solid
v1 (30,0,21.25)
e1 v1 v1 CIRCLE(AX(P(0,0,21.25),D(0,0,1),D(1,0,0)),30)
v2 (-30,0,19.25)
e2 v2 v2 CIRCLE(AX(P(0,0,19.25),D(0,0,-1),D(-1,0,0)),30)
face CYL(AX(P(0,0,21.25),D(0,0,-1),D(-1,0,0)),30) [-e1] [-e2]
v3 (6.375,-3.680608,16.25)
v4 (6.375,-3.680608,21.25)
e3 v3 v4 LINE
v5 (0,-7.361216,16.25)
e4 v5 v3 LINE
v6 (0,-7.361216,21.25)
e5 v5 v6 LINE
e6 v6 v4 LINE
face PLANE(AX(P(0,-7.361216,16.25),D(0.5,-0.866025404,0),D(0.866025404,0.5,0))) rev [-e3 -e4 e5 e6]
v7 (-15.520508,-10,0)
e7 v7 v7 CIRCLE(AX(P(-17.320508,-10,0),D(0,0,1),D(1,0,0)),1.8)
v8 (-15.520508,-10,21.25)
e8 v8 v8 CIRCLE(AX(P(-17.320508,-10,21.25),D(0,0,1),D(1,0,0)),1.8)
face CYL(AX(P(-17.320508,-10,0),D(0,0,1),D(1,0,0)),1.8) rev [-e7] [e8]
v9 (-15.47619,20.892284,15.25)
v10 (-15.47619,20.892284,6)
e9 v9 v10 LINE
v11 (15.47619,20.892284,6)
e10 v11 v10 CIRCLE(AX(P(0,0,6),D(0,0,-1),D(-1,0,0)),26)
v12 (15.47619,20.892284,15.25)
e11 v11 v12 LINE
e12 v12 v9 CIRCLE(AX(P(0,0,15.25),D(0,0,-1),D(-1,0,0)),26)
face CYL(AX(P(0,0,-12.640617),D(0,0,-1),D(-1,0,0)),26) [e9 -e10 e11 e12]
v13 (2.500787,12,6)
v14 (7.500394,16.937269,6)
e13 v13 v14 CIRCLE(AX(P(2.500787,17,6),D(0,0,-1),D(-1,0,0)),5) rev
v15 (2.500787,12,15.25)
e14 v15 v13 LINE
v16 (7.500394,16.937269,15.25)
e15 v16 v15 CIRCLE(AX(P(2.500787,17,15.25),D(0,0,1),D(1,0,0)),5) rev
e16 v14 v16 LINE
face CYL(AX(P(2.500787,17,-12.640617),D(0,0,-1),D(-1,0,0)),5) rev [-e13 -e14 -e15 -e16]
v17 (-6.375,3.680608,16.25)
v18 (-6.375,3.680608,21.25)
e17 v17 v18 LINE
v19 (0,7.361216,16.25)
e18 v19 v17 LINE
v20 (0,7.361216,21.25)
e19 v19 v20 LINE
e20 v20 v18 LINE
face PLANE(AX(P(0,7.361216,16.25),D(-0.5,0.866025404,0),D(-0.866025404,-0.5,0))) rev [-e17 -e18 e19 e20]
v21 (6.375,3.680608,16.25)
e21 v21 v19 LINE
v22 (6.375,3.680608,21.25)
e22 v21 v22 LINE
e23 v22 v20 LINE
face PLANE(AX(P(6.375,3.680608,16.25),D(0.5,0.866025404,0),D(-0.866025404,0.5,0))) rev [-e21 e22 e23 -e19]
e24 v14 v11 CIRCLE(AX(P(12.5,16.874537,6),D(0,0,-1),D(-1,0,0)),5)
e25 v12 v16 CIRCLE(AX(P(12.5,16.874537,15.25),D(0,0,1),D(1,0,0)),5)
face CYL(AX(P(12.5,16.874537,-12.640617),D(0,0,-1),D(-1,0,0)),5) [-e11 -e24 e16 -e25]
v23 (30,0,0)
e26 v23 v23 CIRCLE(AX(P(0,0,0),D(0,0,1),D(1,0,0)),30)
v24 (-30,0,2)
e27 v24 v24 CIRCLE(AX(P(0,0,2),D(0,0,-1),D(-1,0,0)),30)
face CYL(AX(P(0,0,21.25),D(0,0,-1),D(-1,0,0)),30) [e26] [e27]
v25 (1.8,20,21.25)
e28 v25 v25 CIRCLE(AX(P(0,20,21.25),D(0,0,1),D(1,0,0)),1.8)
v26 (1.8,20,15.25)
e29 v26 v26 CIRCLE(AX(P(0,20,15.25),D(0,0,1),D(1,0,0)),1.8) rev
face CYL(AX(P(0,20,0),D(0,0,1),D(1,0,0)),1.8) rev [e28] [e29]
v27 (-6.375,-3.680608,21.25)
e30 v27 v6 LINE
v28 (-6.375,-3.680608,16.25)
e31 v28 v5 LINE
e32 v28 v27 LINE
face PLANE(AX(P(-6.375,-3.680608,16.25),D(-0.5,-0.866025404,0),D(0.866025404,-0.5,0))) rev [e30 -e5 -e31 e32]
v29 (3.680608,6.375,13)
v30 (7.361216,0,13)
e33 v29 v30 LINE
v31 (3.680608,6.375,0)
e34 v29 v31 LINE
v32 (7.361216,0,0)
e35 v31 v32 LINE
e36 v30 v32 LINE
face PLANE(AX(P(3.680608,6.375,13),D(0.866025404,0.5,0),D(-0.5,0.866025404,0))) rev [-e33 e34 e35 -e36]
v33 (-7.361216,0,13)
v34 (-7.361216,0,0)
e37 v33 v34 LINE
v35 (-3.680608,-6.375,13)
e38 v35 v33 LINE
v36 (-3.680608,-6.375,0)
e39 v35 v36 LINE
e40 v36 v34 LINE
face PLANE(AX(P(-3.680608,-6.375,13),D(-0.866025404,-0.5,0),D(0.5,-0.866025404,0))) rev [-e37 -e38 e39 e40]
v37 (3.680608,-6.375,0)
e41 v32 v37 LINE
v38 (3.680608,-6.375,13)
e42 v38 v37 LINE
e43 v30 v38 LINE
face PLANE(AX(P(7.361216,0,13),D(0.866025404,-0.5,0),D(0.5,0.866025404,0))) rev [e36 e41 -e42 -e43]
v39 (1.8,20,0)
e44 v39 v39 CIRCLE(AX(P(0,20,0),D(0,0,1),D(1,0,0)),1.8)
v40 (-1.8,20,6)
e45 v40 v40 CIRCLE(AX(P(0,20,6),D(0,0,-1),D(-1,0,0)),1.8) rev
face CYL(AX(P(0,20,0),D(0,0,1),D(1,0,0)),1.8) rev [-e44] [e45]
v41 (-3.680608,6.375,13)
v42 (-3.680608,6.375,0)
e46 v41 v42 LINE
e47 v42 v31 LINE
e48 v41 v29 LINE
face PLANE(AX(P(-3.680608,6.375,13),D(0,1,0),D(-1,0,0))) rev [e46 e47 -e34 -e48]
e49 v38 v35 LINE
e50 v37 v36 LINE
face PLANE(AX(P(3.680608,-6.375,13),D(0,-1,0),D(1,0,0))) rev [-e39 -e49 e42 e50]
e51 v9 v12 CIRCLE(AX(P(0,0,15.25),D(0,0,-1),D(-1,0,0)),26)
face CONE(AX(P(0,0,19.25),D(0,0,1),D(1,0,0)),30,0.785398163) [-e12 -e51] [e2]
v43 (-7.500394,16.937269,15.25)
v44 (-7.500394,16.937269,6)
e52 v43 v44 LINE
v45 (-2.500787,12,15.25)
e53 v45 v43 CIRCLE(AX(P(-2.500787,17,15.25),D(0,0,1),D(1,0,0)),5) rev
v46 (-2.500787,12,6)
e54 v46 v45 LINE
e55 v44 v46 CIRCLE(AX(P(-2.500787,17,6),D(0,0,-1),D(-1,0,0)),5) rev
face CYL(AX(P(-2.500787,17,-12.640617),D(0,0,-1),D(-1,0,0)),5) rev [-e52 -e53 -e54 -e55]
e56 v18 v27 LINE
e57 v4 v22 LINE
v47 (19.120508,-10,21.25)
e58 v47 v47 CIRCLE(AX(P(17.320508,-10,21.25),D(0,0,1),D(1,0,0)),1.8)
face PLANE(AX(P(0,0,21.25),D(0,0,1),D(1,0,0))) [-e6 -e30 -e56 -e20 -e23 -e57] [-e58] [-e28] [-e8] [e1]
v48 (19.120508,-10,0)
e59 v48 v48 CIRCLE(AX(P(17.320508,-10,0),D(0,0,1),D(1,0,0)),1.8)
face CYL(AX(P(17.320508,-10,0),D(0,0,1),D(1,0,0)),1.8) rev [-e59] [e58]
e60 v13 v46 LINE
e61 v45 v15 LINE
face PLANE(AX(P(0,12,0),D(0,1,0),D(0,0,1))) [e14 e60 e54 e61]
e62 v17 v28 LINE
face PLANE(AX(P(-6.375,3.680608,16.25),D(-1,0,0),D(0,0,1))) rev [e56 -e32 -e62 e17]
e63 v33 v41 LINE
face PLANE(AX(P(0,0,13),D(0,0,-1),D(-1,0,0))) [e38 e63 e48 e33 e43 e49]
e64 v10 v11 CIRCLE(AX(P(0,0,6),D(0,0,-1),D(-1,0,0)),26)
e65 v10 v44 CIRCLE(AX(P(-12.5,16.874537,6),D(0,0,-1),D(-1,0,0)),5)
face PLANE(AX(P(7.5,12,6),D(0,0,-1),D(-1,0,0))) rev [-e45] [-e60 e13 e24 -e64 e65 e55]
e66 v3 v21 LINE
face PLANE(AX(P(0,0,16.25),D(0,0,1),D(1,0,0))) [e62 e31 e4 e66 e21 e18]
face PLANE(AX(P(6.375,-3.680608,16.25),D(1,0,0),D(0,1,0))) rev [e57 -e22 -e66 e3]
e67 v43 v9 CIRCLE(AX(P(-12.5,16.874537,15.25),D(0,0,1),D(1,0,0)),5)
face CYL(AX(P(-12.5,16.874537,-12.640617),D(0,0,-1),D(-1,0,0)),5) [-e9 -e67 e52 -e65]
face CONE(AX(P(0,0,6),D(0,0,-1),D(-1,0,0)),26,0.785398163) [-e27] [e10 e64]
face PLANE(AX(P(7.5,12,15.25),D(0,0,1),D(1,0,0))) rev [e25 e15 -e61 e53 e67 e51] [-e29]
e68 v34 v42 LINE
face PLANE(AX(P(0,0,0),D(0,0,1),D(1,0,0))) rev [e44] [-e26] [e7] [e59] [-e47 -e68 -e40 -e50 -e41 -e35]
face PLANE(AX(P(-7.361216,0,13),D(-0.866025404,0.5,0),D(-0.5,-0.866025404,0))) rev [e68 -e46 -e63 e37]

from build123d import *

# Parameters (mm, degrees)
SKETCH1_R           = 30
BOSS_EXTRUDE1_DEPTH = 21.25
CUT_EXTRUDE1_DEPTH  = 5
SKETCH5_R           = 1.8
CUT_EXTRUDE2_DEPTH  = 48.45063224
CUT_EXTRUDE3_DEPTH  = 13
SKETCH10_W          = 15
SKETCH10_H          = 9.25
CUT_EXTRUDE6_DEPTH  = 28
FILLET6_R           = 5
FILLET7_R           = 5


with BuildPart() as part:
    # Sketch1 → Boss-Extrude1 (new body)
    with BuildSketch(Plane.XY):
        Circle(SKETCH1_R)
    extrude(amount=BOSS_EXTRUDE1_DEPTH)

    # Sketch2 → Cut-Extrude1 (cut)
    with BuildSketch(Plane.XY.offset(21.25)):
        Polygon((0, 7.361215932), (-6.375, 3.680607966), (-6.375, -3.680607966), (0, -7.361215932), (6.375, -3.680607966), (6.375, 3.680607966), align=None)
    extrude(amount=-CUT_EXTRUDE1_DEPTH, mode=Mode.SUBTRACT)

    # Sketch4 → Cut-Revolve1 (revolve, cut)
    with BuildSketch(Plane(origin=(0, 0, 0), x_dir=(1, 0, 0), z_dir=(0, 1, 0)), mode=Mode.PRIVATE) as cut_revolve1_sk:
        Polygon((30, -19.25), (26, -15.25), (26, -6), (30, -2), align=None)
    revolve(cut_revolve1_sk.sketch.rotate(Axis((0, 0, -12.64061748), (0, 0, 1)), 180), axis=Axis((0, 0, -12.64061748), (0, 0, 1)), mode=Mode.SUBTRACT)

    # Sketch5 → Cut-Extrude2 (cut, through all)
    with BuildSketch(Plane.XY.offset(21.25)):
        with Locations((-17.320508076, -10)):
            Circle(SKETCH5_R)
        with Locations((17.320508076, -10)):
            Circle(SKETCH5_R)
        with Locations((0, 20)):
            Circle(SKETCH5_R)
    extrude(amount=-CUT_EXTRUDE2_DEPTH, mode=Mode.SUBTRACT)

    # Sketch6 → Cut-Extrude3 (cut)
    with BuildSketch(Plane(origin=(0, 0, 0), x_dir=(-1, 0, 0), z_dir=(0, 0, -1))):
        Polygon((7.361215932, 0), (3.680607966, 6.375), (-3.680607966, 6.375), (-7.361215932, 0), (-3.680607966, -6.375), (3.680607966, -6.375), align=None)
    extrude(amount=-CUT_EXTRUDE3_DEPTH, mode=Mode.SUBTRACT)

    # Sketch10 → Cut-Extrude6 (cut)
    with BuildSketch(Plane(origin=(0, 40, 0), x_dir=(1, 0, 0), z_dir=(0, 1, 0))):
        with Locations((0, -10.625)):
            Rectangle(SKETCH10_W, SKETCH10_H)
    extrude(amount=-CUT_EXTRUDE6_DEPTH, mode=Mode.SUBTRACT)

    # Fillet6
    fillet6_edges = [part.edges().sort_by_distance(p)[0] for p in [
        (-7.5, 24.894778569, 10.625),
        (7.5, 24.894778569, 10.625),
    ]]
    fillet(fillet6_edges, radius=FILLET6_R)

    # Fillet7
    fillet7_edges = [part.edges().sort_by_distance(p)[0] for p in [
        (7.5, 12, 10.625),
        (-7.5, 12, 10.625),
    ]]
    fillet(fillet7_edges, radius=FILLET7_R)


solid = part.part
